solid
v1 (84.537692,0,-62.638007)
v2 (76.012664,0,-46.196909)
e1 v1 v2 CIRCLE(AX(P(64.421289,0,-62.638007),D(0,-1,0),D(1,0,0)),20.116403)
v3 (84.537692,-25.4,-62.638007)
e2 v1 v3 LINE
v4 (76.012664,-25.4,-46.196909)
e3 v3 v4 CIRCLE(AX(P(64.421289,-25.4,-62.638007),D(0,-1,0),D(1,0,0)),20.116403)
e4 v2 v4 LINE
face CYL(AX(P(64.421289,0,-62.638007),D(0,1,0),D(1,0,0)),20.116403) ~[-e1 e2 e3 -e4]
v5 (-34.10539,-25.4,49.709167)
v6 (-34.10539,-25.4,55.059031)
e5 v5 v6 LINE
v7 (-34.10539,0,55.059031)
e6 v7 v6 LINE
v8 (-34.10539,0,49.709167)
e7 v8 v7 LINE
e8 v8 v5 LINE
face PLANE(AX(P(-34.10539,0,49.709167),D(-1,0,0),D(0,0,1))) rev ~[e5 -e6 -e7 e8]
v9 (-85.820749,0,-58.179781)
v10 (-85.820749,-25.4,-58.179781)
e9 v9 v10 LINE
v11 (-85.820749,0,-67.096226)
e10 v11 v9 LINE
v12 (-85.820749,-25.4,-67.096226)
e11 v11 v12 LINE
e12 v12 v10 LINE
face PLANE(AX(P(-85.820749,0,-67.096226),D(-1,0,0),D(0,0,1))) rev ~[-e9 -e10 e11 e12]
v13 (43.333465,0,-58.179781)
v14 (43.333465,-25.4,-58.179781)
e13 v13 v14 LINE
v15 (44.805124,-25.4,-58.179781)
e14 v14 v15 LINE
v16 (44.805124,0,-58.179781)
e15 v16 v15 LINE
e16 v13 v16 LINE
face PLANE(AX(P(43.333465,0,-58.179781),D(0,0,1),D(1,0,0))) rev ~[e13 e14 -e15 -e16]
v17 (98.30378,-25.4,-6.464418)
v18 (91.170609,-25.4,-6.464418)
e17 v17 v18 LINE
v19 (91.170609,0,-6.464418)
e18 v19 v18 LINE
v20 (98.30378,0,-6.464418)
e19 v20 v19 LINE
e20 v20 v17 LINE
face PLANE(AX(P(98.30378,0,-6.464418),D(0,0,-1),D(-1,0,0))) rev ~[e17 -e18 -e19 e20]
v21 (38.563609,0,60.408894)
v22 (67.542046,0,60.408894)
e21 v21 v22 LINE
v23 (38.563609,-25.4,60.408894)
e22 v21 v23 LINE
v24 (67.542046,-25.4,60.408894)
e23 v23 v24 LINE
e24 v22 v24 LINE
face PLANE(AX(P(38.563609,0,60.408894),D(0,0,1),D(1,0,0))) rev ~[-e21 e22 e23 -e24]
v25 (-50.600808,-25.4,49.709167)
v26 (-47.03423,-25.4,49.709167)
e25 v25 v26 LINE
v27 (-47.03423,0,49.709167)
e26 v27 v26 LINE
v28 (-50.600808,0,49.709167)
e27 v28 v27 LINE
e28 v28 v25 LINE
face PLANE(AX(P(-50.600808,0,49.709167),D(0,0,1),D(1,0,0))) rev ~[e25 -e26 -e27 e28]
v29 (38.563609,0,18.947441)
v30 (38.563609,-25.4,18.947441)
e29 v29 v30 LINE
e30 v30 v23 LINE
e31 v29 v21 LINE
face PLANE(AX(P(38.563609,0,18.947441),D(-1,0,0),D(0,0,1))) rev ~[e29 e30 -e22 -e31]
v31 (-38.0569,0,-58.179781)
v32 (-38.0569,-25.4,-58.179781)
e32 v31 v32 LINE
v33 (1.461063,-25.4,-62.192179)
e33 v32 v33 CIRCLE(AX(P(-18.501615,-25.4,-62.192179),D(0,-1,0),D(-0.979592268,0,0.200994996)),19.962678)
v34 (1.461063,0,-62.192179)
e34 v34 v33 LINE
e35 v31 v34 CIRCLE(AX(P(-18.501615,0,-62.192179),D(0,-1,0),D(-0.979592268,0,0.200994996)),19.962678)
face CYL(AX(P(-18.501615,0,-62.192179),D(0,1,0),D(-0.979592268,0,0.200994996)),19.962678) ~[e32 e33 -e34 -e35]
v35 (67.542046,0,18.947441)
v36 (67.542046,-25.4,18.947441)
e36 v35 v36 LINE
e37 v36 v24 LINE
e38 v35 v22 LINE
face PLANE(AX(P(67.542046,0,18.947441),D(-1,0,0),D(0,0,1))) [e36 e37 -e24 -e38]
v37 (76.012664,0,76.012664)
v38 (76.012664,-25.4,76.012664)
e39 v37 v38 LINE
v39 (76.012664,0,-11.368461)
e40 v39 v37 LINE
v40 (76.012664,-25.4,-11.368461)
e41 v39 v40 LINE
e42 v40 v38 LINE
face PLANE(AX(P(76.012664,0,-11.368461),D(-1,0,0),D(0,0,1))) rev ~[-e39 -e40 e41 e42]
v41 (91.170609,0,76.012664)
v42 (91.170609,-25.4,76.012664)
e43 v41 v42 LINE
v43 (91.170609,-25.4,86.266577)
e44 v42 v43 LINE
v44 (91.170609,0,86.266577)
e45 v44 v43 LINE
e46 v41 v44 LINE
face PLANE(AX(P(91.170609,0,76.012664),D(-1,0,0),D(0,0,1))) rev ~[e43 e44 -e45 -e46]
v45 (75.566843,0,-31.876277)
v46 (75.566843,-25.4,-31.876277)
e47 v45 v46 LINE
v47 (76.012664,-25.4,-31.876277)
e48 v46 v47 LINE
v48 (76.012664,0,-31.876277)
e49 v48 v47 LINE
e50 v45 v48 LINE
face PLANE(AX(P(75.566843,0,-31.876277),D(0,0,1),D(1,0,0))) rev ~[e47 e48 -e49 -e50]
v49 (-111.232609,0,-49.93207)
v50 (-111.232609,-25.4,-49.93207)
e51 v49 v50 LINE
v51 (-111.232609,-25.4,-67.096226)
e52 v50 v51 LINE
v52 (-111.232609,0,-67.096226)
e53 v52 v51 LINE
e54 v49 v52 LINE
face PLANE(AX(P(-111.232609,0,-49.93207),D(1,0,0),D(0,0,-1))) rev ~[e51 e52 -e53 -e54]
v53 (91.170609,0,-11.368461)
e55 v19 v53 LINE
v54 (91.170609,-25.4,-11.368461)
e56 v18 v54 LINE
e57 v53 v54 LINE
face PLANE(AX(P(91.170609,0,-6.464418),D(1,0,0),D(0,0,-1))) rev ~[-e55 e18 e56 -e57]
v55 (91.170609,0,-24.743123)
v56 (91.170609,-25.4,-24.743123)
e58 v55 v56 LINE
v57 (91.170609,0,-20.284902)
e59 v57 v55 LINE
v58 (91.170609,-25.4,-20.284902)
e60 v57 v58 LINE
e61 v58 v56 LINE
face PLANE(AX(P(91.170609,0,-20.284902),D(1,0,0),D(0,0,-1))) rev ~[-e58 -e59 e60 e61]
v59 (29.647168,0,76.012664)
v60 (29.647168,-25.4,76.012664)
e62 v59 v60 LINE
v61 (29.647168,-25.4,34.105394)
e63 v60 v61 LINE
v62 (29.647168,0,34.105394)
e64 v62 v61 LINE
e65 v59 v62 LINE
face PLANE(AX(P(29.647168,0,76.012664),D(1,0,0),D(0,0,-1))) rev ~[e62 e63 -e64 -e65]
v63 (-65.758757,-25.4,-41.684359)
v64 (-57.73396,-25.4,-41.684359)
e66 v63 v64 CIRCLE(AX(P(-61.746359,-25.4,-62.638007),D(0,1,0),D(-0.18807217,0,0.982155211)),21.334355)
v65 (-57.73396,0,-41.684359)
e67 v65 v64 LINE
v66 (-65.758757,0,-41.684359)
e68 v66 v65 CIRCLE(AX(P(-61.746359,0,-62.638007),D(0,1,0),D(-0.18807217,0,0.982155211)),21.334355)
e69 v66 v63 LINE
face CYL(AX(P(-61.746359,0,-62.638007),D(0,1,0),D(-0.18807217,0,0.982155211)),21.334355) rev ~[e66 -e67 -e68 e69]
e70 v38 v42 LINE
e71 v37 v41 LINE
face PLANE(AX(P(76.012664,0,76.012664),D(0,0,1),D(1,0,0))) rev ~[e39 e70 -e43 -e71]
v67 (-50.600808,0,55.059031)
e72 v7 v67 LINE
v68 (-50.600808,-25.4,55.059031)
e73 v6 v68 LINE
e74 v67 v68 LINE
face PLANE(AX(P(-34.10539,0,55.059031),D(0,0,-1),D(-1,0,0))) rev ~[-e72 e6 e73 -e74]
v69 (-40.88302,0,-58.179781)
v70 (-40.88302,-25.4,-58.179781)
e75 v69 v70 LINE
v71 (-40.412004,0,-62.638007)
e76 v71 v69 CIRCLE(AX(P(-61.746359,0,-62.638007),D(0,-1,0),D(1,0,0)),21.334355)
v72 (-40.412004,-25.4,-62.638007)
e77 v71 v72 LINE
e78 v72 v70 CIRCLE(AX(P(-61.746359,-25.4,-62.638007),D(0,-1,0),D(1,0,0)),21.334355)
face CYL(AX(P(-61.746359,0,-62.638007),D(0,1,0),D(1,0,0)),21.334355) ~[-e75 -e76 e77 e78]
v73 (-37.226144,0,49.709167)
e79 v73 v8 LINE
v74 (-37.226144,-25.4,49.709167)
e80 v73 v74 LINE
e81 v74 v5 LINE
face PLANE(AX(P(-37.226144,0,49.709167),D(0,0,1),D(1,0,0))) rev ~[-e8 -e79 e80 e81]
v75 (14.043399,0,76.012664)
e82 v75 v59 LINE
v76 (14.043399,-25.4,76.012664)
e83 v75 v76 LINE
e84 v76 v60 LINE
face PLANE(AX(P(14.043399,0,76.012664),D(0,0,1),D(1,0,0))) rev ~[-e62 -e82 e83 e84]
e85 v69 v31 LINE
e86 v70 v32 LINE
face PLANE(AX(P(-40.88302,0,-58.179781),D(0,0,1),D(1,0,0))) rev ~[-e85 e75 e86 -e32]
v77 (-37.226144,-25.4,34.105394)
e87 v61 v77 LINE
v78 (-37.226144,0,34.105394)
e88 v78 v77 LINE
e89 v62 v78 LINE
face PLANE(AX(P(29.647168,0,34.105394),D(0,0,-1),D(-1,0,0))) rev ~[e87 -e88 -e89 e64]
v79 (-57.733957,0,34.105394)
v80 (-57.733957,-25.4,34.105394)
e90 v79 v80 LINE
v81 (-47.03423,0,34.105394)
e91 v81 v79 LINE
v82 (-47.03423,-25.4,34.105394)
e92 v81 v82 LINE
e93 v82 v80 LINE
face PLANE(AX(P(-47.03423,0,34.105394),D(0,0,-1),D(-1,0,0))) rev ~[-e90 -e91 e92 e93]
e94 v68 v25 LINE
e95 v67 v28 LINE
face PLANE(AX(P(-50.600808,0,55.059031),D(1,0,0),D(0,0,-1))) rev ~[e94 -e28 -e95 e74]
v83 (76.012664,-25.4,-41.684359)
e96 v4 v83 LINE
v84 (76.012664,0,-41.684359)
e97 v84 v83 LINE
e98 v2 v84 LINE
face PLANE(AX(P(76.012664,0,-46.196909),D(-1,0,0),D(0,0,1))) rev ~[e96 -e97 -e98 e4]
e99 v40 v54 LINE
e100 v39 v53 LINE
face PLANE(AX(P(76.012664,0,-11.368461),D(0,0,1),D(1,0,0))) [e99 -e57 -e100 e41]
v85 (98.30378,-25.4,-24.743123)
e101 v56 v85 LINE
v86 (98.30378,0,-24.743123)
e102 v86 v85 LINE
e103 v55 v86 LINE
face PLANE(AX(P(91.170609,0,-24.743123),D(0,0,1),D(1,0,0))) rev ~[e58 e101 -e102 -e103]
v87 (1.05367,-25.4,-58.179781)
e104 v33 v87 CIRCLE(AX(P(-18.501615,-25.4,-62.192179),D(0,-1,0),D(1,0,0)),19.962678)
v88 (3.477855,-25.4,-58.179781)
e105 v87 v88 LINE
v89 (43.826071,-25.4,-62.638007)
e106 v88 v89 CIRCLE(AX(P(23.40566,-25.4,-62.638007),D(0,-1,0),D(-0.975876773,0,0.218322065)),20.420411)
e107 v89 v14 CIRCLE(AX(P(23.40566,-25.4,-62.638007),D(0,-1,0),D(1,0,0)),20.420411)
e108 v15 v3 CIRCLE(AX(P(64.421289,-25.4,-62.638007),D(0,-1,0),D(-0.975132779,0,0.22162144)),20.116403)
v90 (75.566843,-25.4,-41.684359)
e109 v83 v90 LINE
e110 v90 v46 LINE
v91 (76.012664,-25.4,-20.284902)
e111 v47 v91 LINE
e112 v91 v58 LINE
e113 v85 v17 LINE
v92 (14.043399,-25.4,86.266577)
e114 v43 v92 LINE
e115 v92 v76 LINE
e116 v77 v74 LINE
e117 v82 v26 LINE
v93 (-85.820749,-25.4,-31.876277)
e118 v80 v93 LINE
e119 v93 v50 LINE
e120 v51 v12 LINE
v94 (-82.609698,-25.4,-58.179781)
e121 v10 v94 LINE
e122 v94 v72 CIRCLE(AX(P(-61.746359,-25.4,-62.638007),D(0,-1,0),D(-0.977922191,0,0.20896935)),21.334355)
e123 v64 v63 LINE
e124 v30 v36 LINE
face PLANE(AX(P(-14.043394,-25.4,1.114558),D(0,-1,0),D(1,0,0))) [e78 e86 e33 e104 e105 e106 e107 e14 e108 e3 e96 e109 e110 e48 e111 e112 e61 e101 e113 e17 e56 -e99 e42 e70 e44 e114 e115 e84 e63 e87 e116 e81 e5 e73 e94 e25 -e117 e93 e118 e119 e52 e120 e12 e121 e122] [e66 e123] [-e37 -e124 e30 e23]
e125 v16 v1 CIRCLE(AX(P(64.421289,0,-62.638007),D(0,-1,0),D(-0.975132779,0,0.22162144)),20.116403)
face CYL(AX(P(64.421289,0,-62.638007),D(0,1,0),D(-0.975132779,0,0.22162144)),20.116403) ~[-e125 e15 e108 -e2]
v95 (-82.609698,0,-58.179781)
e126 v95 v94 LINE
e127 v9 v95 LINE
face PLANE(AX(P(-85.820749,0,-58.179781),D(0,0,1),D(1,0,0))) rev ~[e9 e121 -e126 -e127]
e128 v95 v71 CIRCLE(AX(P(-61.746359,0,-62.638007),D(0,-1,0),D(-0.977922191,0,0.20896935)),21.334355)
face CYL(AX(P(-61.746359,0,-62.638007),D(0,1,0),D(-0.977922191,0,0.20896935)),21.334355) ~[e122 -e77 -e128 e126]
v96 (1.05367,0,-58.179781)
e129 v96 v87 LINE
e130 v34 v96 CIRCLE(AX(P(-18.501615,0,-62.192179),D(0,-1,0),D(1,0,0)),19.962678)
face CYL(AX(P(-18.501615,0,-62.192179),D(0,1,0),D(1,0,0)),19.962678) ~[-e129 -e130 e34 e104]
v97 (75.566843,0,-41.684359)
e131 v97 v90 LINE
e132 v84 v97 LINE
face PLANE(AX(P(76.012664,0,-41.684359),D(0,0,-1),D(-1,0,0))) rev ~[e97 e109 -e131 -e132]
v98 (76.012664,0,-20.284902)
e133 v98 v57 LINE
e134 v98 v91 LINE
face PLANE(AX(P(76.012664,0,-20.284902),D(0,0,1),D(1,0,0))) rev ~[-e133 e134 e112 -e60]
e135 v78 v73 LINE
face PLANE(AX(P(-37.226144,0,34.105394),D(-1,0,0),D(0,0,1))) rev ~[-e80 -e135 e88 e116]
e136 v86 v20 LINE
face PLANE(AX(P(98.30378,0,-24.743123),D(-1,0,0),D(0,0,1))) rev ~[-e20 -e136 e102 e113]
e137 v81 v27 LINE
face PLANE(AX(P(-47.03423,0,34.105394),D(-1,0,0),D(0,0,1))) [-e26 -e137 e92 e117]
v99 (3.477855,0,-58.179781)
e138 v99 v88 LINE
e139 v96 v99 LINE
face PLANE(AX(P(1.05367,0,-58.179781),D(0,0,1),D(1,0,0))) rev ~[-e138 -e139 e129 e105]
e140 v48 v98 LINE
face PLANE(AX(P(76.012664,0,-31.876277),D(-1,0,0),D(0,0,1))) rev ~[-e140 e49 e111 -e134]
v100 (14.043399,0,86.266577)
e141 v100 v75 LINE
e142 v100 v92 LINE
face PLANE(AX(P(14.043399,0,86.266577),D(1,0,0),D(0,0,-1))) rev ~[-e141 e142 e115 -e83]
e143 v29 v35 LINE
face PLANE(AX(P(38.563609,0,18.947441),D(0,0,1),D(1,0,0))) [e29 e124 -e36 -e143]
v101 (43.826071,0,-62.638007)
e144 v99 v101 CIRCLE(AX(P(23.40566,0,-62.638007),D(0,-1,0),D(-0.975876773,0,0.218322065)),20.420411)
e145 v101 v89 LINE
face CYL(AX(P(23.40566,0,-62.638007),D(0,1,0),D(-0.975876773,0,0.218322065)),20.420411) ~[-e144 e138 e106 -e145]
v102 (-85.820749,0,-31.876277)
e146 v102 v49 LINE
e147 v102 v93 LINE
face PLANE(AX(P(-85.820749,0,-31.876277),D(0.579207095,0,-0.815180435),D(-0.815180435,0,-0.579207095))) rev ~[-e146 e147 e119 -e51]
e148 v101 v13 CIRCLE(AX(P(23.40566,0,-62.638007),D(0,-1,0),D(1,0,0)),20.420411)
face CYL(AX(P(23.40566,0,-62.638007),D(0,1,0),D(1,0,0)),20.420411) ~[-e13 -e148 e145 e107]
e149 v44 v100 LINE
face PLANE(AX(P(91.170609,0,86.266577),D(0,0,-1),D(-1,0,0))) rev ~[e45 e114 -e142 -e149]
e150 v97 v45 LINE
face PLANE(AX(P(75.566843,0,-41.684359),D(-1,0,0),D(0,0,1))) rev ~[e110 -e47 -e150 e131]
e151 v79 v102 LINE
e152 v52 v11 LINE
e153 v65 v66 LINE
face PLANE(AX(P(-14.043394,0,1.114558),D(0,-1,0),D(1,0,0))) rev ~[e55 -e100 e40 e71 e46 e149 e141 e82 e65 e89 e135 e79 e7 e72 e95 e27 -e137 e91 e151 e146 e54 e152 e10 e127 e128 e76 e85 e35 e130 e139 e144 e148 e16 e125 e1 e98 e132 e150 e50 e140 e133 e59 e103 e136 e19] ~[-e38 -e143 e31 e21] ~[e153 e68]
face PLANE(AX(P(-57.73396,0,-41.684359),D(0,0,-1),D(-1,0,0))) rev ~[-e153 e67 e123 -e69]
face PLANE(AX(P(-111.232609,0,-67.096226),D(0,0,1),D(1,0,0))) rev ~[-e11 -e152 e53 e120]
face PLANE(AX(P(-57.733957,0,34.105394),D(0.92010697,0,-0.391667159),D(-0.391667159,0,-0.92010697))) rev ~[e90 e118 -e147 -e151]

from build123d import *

# Parameters (mm, degrees)
F0_W     = 9.8080858588
F0_H     = 15.6037732959
F0_W_2   = 28.9784371853
F0_H_2   = 41.4614528418
F0_W_3   = 15.1579454541
F0_H_3   = 8.9164413512
F1_DEPTH = 25.4


with BuildPart() as f1:
    # F0 (on Front) → F1 (new body)
    with BuildSketch(Plane.XZ):
        Polygon((-47.0342300832, 34.1053940356), (-57.7339567244, 34.1053940356), (-57.7339567244, -31.8762771785), (29.6471677721, -31.8762771785), (29.6471677721, 34.1053940356), (-37.2261442244, 34.1053940356), align=None)
        Polygon((-57.7339567244, -31.8762771785), (-57.7339567244, 34.1053940356), (-85.820749402, -31.8762771785), align=None)
        with Locations((-42.1301871538, 41.9072806835)):
            Rectangle(F0_W, F0_H)
        with BuildLine():
            Line((29.6471677721, -31.8762771785), (-57.7339567244, -31.8762771785))
            Line((-57.7339567244, -31.8762771785), (-85.820749402, -31.8762771785))
            Line((-85.820749402, -31.8762771785), (-85.820749402, -41.6843593121))
            Line((-85.820749402, -41.6843593121), (-65.7587572932, -41.6843593121))
            ThreePointArc((-65.7587572932, -41.6843593121), (-61.7463588715, -41.3036522536), (-57.7339604497, -41.6843593121))
            Line((-57.7339604497, -41.6843593121), (75.566843152, -41.6843593121))
            Line((75.566843152, -41.6843593121), (75.566843152, -31.8762771785))
            Line((75.566843152, -31.8762771785), (29.6471677721, -31.8762771785))
        make_face()
        Polygon((-85.820749402, -41.6843593121), (-85.820749402, -31.8762771785), (-111.2326085567, -49.9320700765), (-85.820749402, -49.9320700765), align=None)
        Polygon((-50.6008081138, 49.7091673315), (-47.0342300832, 49.7091673315), (-37.2261442244, 49.7091673315), (-34.1053903103, 49.7091673315), (-34.1053903103, 55.059030652), (-50.6008081138, 55.059030652), align=None)
        Polygon((29.6471677721, 34.1053940356), (29.6471677721, -31.8762771785), (75.566843152, -31.8762771785), (76.0126635432, -31.8762771785), (76.0126635432, -20.2849023044), (76.0126635432, -11.3684609532), (76.0126635432, 76.0126635432), (29.6471677721, 76.0126635432), align=None)
        with Locations((53.0528277159, 39.6781675518)):
            Rectangle(F0_W_2, F0_H_2, mode=Mode.SUBTRACT)
        with BuildLine():
            Line((-65.7587572932, -41.6843593121), (-85.820749402, -41.6843593121))
            Line((-85.820749402, -41.6843593121), (-85.820749402, -49.9320700765))
            Line((-85.820749402, -49.9320700765), (-85.820749402, -58.1797808409))
            Line((-85.820749402, -58.1797808409), (-82.6096979015, -58.1797808409))
            ThreePointArc((-82.6096979015, -58.1797808409), (-76.6703433025, -47.3923721355), (-65.7587572932, -41.6843593121))
        make_face()
        Polygon((-85.820749402, -49.9320700765), (-111.2326085567, -49.9320700765), (-111.2326085567, -67.0962259173), (-85.820749402, -67.0962259173), (-85.820749402, -58.1797808409), align=None)
        with BuildLine():
            Line((-57.7339604497, -41.6843593121), (-65.7587572932, -41.6843593121))
            ThreePointArc((-65.7587572932, -41.6843593121), (-76.6703433025, -47.3923721355), (-82.6096979015, -58.1797808409))
            Line((-82.6096979015, -58.1797808409), (-40.8830198414, -58.1797808409))
            ThreePointArc((-40.8830198414, -58.1797808409), (-46.8223744405, -47.3923721355), (-57.7339604497, -41.6843593121))
        make_face()
        Polygon((14.0433991328, 76.0126635432), (29.6471677721, 76.0126635432), (76.0126635432, 76.0126635432), (91.1706089973, 76.0126635432), (91.1706089973, 86.2665772438), (14.0433991328, 86.2665772438), align=None)
        with BuildLine():
            Line((76.0126635432, -41.6843593121), (75.566843152, -41.6843593121))
            Line((75.566843152, -41.6843593121), (-57.7339604497, -41.6843593121))
            ThreePointArc((-57.7339604497, -41.6843593121), (-46.8223744405, -47.3923721355), (-40.8830198414, -58.1797808409))
            Line((-40.8830198414, -58.1797808409), (-38.0569003573, -58.1797808409))
            ThreePointArc((-38.0569003573, -58.1797808409), (-18.5016151518, -42.2295010715), (1.0536700538, -58.1797808409))
            Line((1.0536700538, -58.1797808409), (3.4778552674, -58.1797808409))
            ThreePointArc((3.4778552674, -58.1797808409), (23.4056599438, -42.2175962213), (43.3334646202, -58.1797808409))
            Line((43.3334646202, -58.1797808409), (44.805124402, -58.1797808409))
            ThreePointArc((44.805124402, -58.1797808409), (57.210420743, -43.8584153697), (76.0126635432, -46.19690889))
            Line((76.0126635432, -46.19690889), (76.0126635432, -41.6843593121))
        make_face()
        with BuildLine():
            Line((-40.8830198414, -58.1797808409), (-82.6096979015, -58.1797808409))
            ThreePointArc((-82.6096979015, -58.1797808409), (-63.9878782959, -83.8542812252), (-40.4120040206, -62.6380071044))
            ThreePointArc((-40.4120040206, -62.6380071044), (-40.5300847506, -60.39648768), (-40.8830198414, -58.1797808409))
        make_face()
        with Locations((83.5916362703, -15.8266816288)):
            Rectangle(F0_W_3, F0_H_3)
        Polygon((91.1706089973, -11.3684609532), (91.1706089973, -20.2849023044), (91.1706089973, -24.74312298), (98.3037799597, -24.74312298), (98.3037799597, -6.4644180238), (91.1706089973, -6.4644180238), align=None)
        with BuildLine():
            ThreePointArc((84.5376919751, -62.6380071044), (82.2797104052, -53.3780689261), (76.0126635432, -46.19690889))
            Line((76.0126635432, -46.19690889), (76.0126635432, -58.1797808409))
            Line((76.0126635432, -58.1797808409), (44.805124402, -58.1797808409))
            ThreePointArc((44.805124402, -58.1797808409), (62.1781869933, -82.6289594789), (84.5376919751, -62.6380071044))
        make_face()
        with BuildLine():
            Line((76.0126635432, -58.1797808409), (76.0126635432, -46.19690889))
            ThreePointArc((76.0126635432, -46.19690889), (57.210420743, -43.8584153697), (44.805124402, -58.1797808409))
            Line((44.805124402, -58.1797808409), (76.0126635432, -58.1797808409))
        make_face()
        with BuildLine():
            ThreePointArc((1.0536700538, -58.1797808409), (-18.5016151518, -42.2295010715), (-38.0569003573, -58.1797808409))
            Line((-38.0569003573, -58.1797808409), (1.0536700538, -58.1797808409))
        make_face()
        with BuildLine():
            Line((1.0536700538, -58.1797808409), (-38.0569003573, -58.1797808409))
            ThreePointArc((-38.0569003573, -58.1797808409), (-20.5181288599, -82.0527480619), (1.4610630394, -62.1921792626))
            ThreePointArc((1.4610630394, -62.1921792626), (1.3589536475, -60.1756655545), (1.0536700538, -58.1797808409))
        make_face()
        with BuildLine():
            ThreePointArc((43.826070827, -62.6380071044), (43.7025456671, -60.3953277754), (43.3334646202, -58.1797808409))
            Line((43.3334646202, -58.1797808409), (3.4778552674, -58.1797808409))
            ThreePointArc((3.4778552674, -58.1797808409), (21.1629806148, -82.9348928277), (43.826070827, -62.6380071044))
        make_face()
        with BuildLine():
            Line((3.4778552674, -58.1797808409), (43.3334646202, -58.1797808409))
            ThreePointArc((43.3334646202, -58.1797808409), (23.4056599438, -42.2175962213), (3.4778552674, -58.1797808409))
        make_face()
    extrude(amount=F1_DEPTH)


solid = f1.part
